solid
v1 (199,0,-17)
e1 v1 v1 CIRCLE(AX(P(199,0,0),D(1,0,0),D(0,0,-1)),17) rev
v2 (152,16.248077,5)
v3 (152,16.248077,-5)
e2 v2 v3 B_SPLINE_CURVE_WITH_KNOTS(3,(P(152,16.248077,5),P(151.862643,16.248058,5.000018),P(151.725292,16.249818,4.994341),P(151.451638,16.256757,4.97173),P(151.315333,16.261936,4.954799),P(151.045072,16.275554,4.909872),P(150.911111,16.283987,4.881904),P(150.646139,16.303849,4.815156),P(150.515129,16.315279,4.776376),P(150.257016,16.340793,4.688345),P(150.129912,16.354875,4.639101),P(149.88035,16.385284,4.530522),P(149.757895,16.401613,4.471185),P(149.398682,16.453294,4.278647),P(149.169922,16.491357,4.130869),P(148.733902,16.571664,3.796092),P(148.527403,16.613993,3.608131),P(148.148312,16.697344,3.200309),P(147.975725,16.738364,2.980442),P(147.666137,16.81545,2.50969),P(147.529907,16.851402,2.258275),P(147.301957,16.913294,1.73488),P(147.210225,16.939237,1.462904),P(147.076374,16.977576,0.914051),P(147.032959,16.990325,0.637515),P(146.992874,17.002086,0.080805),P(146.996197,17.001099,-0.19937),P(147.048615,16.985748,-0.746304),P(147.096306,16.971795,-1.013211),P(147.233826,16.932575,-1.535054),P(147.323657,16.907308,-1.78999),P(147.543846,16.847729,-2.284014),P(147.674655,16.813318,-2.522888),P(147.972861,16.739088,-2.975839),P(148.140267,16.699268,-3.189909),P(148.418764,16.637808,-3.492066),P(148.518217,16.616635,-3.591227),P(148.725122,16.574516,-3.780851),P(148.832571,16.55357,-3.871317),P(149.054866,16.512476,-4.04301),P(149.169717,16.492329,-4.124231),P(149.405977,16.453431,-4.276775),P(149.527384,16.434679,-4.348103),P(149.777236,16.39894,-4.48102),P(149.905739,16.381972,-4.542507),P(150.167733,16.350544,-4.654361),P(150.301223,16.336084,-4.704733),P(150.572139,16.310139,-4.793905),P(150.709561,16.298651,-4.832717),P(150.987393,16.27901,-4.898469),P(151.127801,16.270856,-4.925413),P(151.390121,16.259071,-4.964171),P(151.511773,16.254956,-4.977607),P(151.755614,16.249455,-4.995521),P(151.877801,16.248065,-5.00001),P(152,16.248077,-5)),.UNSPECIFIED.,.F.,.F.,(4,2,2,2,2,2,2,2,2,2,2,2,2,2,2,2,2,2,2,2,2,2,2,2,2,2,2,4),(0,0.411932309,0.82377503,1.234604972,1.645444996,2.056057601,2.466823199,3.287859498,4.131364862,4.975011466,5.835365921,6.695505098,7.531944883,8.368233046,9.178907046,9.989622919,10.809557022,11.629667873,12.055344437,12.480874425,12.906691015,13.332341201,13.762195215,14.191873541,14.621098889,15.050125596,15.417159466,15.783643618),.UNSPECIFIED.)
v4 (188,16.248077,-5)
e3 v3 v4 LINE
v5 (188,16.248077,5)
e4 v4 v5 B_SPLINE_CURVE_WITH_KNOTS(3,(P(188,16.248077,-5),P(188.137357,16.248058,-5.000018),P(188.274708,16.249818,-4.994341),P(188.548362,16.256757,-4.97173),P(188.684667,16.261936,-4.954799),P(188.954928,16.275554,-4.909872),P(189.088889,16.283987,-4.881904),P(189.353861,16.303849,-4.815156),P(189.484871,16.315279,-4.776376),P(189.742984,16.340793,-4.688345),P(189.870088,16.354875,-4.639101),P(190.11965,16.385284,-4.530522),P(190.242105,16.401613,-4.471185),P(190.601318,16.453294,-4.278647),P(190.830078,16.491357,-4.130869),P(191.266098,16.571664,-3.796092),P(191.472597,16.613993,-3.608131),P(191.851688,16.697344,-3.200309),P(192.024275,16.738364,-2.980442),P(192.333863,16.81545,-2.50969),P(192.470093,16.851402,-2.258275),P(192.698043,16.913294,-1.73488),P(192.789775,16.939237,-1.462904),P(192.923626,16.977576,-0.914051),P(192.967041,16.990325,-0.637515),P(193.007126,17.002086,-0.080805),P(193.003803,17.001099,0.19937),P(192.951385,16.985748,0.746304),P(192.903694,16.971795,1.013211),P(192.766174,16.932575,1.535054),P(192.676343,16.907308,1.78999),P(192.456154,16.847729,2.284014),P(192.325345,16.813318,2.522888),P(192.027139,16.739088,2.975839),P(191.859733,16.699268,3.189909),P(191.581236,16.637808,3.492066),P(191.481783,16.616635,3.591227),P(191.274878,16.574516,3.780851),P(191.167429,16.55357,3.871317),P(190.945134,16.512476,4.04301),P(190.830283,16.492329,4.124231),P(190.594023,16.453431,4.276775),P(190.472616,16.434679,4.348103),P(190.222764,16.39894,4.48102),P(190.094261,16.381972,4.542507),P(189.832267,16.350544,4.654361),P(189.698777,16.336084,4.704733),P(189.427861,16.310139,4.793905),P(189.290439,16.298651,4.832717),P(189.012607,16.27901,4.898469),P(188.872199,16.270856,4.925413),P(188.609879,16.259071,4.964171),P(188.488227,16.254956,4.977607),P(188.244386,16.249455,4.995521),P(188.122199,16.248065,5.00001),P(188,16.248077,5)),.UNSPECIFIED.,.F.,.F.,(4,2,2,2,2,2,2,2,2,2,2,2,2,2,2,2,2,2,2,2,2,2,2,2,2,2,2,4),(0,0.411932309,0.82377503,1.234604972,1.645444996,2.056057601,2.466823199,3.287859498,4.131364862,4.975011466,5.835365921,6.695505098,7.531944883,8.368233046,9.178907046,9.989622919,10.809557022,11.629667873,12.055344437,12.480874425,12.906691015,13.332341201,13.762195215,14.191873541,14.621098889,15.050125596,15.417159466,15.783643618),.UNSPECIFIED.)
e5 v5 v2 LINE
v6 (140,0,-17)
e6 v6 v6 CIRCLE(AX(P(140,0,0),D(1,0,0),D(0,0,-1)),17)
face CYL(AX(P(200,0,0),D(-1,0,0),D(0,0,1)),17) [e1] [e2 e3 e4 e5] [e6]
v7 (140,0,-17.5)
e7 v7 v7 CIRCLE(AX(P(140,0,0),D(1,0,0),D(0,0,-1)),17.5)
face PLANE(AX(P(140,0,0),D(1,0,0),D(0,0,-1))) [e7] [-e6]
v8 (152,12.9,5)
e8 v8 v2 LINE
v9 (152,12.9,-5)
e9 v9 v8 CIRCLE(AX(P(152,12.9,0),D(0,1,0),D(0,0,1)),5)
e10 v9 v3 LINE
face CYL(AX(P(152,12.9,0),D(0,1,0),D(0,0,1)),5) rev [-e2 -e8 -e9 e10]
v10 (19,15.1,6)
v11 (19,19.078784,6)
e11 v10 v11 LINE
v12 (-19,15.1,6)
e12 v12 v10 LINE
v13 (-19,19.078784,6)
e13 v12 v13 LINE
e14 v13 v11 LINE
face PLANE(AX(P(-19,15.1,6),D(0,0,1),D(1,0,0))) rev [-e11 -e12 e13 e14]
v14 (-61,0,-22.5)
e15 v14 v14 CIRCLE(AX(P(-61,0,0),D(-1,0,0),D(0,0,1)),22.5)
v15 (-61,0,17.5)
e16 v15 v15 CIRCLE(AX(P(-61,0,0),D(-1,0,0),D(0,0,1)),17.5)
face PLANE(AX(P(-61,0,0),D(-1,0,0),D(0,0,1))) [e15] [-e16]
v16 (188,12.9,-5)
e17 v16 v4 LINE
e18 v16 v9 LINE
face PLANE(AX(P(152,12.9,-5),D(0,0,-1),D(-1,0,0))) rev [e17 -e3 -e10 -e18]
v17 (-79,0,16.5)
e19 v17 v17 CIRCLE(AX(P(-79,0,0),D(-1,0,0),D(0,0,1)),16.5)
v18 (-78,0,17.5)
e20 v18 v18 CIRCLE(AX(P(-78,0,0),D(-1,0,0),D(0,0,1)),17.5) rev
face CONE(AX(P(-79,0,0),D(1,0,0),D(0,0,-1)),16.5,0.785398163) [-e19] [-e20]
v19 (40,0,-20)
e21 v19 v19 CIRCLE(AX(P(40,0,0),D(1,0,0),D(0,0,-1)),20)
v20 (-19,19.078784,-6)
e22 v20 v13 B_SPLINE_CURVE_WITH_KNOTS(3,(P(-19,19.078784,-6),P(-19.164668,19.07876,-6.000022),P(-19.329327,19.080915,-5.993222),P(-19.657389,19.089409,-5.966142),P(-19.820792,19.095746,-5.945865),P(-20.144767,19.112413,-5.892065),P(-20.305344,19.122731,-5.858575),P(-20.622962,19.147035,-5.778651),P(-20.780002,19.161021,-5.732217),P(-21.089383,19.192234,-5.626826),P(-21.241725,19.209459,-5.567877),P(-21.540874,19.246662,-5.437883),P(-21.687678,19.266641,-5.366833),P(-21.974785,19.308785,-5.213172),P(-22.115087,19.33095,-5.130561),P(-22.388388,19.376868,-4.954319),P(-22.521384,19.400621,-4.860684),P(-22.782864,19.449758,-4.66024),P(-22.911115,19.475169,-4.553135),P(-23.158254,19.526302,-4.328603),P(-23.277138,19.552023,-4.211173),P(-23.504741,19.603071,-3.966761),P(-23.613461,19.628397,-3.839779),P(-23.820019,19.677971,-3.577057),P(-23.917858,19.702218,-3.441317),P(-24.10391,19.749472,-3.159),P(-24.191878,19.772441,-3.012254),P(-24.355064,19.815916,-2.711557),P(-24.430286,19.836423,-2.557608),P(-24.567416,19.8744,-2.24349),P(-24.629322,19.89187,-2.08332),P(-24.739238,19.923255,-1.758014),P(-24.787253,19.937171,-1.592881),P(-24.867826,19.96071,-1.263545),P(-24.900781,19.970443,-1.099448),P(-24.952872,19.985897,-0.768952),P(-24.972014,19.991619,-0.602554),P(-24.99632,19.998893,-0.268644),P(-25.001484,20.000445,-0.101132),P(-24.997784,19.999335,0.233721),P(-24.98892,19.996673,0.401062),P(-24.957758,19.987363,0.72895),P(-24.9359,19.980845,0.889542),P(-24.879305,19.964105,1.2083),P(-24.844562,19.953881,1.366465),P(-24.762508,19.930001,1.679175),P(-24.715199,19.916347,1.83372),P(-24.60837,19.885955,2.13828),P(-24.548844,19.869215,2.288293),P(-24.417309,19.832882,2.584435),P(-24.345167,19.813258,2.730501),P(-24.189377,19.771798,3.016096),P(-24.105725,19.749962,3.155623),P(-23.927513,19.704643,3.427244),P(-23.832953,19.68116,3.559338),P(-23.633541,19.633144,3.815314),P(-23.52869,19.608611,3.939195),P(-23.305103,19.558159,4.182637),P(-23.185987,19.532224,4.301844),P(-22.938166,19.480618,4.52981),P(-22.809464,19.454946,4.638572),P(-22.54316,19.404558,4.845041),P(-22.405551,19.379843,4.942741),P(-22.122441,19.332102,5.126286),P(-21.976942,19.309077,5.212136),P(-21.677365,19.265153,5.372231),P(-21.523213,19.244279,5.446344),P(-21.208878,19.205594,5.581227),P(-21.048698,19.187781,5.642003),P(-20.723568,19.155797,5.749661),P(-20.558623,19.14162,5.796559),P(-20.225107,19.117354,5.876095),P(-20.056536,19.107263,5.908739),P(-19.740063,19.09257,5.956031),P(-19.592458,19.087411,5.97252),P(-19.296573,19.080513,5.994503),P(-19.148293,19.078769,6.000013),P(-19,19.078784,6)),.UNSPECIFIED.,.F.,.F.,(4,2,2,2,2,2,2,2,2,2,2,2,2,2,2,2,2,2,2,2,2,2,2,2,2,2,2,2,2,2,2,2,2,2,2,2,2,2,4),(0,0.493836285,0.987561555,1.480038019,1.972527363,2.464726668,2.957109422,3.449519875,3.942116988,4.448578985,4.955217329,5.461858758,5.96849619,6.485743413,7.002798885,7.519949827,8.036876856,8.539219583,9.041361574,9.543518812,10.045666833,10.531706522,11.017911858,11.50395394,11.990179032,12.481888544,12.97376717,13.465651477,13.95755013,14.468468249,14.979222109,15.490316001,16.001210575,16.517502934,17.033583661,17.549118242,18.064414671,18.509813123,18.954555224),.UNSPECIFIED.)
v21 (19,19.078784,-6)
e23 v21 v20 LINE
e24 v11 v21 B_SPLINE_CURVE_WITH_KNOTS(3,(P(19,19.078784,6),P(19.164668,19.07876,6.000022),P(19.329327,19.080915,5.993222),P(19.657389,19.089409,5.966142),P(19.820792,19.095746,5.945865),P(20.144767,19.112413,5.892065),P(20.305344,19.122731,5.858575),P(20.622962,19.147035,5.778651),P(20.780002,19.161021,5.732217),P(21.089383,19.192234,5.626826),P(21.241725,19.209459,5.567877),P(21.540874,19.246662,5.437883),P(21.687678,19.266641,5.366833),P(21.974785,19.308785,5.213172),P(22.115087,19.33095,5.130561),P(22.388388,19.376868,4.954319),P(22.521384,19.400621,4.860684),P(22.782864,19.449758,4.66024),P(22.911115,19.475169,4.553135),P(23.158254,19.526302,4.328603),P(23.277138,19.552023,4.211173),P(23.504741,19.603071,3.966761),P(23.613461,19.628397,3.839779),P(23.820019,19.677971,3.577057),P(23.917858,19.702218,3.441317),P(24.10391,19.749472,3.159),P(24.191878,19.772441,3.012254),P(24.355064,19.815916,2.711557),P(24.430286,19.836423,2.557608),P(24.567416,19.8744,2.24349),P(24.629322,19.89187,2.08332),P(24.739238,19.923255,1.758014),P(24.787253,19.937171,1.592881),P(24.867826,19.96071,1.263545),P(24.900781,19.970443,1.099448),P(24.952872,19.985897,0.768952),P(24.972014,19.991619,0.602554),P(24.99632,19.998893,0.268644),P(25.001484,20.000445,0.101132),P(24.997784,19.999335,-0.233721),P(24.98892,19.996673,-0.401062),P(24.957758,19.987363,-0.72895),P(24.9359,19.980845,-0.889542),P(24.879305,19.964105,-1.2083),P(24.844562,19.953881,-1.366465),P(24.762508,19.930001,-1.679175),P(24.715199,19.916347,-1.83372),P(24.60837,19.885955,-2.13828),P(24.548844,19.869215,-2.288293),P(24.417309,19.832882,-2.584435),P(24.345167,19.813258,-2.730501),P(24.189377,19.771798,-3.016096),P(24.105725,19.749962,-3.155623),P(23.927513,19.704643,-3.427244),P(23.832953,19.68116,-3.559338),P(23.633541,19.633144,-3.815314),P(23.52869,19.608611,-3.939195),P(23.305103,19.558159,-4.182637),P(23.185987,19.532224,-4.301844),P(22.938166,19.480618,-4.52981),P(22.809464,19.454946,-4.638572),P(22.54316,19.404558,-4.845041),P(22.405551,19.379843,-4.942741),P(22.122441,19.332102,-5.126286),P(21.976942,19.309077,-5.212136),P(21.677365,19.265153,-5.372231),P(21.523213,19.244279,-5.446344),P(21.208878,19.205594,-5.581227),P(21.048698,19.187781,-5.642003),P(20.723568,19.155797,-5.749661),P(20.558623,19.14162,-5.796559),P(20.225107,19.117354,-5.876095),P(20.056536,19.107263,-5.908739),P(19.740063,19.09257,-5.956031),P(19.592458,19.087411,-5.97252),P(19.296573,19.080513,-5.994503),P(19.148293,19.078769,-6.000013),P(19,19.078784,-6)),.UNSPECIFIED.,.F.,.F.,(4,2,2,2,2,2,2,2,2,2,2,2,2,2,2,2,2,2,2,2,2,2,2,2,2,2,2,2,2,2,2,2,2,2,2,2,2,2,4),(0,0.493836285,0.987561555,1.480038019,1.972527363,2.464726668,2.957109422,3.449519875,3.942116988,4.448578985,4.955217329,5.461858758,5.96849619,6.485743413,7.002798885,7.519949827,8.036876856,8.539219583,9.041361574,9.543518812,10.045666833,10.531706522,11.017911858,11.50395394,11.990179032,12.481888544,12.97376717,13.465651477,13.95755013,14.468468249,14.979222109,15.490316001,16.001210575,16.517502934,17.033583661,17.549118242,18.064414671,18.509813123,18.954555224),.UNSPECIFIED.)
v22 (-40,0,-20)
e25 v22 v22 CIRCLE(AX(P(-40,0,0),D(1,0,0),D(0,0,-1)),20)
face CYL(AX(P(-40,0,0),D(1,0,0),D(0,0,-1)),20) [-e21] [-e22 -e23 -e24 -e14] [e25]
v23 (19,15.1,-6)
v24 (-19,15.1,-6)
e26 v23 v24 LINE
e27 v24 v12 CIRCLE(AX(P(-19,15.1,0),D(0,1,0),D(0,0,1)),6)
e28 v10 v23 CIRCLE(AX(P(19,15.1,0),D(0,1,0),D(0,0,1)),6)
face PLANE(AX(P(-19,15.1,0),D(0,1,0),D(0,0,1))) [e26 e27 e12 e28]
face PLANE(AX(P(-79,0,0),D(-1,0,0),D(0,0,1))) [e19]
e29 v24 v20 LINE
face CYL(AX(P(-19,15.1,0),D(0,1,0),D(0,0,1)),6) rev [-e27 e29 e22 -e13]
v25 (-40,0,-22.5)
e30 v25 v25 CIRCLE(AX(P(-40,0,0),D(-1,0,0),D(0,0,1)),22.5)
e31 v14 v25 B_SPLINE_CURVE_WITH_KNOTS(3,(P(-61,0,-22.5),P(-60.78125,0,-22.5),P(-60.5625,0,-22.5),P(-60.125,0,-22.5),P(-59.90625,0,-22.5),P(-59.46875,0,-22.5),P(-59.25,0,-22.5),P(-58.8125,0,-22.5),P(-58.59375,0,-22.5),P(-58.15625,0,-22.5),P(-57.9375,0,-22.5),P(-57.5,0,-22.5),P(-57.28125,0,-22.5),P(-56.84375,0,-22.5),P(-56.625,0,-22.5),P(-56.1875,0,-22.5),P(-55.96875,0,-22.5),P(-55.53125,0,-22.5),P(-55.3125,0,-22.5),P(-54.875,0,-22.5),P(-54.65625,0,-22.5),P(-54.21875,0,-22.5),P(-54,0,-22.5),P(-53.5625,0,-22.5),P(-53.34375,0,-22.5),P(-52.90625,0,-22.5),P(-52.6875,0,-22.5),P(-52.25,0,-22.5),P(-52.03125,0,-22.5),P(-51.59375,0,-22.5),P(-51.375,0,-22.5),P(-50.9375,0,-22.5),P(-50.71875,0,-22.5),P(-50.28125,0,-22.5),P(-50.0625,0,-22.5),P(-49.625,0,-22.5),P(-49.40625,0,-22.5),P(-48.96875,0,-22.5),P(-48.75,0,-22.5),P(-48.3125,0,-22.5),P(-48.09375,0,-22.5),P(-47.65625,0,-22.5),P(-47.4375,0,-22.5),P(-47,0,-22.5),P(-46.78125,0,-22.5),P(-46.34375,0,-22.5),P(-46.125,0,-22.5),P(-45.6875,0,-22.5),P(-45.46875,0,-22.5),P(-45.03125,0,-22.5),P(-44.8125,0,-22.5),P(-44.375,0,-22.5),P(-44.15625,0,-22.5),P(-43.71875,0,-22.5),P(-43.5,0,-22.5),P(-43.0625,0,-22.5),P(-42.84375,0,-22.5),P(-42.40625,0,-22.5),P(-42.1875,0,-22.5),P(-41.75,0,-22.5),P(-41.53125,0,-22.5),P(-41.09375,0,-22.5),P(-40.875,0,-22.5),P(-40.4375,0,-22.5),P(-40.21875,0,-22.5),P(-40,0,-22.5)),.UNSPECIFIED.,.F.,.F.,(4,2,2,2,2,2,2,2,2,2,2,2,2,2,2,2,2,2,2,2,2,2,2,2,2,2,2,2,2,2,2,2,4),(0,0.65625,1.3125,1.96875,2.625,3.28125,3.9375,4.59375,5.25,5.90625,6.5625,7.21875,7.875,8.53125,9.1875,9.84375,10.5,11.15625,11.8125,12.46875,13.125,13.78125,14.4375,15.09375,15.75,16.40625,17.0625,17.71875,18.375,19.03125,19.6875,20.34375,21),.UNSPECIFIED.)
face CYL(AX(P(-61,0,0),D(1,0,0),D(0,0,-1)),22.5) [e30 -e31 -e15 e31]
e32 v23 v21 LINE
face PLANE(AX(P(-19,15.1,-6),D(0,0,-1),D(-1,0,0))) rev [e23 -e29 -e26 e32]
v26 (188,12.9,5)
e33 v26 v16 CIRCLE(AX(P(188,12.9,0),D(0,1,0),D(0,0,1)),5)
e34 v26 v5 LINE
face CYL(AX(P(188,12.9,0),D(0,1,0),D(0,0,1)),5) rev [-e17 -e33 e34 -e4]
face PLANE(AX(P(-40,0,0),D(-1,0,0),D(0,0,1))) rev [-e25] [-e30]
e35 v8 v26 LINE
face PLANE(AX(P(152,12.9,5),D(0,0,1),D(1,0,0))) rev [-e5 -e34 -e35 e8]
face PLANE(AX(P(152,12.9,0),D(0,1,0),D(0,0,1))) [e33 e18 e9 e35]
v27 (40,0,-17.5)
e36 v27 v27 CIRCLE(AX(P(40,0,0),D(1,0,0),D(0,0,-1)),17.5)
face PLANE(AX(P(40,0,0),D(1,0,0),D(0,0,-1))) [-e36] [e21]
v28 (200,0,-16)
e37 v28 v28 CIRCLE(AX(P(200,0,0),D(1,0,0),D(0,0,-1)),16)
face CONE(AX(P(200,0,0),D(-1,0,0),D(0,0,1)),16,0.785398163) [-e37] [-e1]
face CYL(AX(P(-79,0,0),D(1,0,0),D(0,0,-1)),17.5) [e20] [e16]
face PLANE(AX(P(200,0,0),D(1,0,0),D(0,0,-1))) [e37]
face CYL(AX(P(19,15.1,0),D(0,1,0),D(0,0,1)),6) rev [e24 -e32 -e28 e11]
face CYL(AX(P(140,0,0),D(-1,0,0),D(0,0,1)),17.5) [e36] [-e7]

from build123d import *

# Parameters (mm, degrees)
BOSS_EXTRUDE1_DEPTH      = 40
BOSS_EXTRUDE1_DEPTH_BACK = 40
SKETCH1_R                = 20
CUT_EXTRUDE1_DEPTH       = 4.9
SKETCH3_R                = 22.5
BOSS_EXTRUDE2_DEPTH      = 21
SKETCH4_R                = 17.5
BOSS_EXTRUDE3_DEPTH      = 18
CHAMFER1_SIZE            = 1
BOSS_EXTRUDE4_START      = 100
SKETCH5_R                = 17.5
BOSS_EXTRUDE4_DEPTH      = 100
SKETCH6_R                = 17
BOSS_EXTRUDE5_DEPTH      = 60
CUT_EXTRUDE2_DEPTH       = 4.1
CHAMFER2_SIZE            = 1


with BuildPart() as part:
    # Sketch1 → Boss-Extrude1 (new, two sides: drawn at the far end of the back side and taken through both)
    with BuildSketch(Plane(origin=(0, 0, 0), x_dir=(0, 0, -1), z_dir=(1, 0, 0)).offset(-BOSS_EXTRUDE1_DEPTH_BACK)):
        Circle(SKETCH1_R)
    extrude(amount=BOSS_EXTRUDE1_DEPTH + BOSS_EXTRUDE1_DEPTH_BACK)

    # Sketch2 → Cut-Extrude1 (cut)
    with BuildSketch(Plane(origin=(0, 20, 0), x_dir=(1, 0, 0), z_dir=(0, 1, 0))):
        with BuildLine():
            Line((-19, 6), (19, 6))
            ThreePointArc((19, 6), (25, 0), (19, -6))
            Line((19, -6), (-19, -6))
            ThreePointArc((-19, -6), (-25, 0), (-19, 6))
        make_face()
    extrude(amount=-CUT_EXTRUDE1_DEPTH, mode=Mode.SUBTRACT)

    # Sketch3 → Boss-Extrude2 (add)
    with BuildSketch(Plane.ZY.offset(40)):
        Circle(SKETCH3_R)
    extrude(amount=BOSS_EXTRUDE2_DEPTH)

    # Sketch4 → Boss-Extrude3 (add)
    with BuildSketch(Plane.ZY.offset(61)):
        Circle(SKETCH4_R)
    extrude(amount=BOSS_EXTRUDE3_DEPTH)

    # Chamfer1
    chamfer1_edges = [part.edges().sort_by_distance(p)[0] for p in [
        (-79, 0, -17.5),
    ]]
    chamfer(chamfer1_edges, length=CHAMFER1_SIZE)

    # Sketch5 → Boss-Extrude4 (add)
    with BuildSketch(Plane(origin=(40, 0, 0), x_dir=(0, 0, -1), z_dir=(1, 0, 0)).offset(BOSS_EXTRUDE4_START)):
        Circle(SKETCH5_R)
    extrude(amount=-BOSS_EXTRUDE4_DEPTH)

    # Sketch6 → Boss-Extrude5 (add)
    with BuildSketch(Plane(origin=(140, 0, 0), x_dir=(0, 0, -1), z_dir=(1, 0, 0))):
        Circle(SKETCH6_R)
    extrude(amount=BOSS_EXTRUDE5_DEPTH)

    # Sketch7 → Cut-Extrude2 (cut)
    with BuildSketch(Plane(origin=(0, 17, 0), x_dir=(1, 0, 0), z_dir=(0, 1, 0))):
        with BuildLine():
            Line((152, 5), (188, 5))
            ThreePointArc((188, 5), (193, 0), (188, -5))
            Line((188, -5), (152, -5))
            ThreePointArc((152, -5), (147, 0), (152, 5))
        make_face()
    extrude(amount=-CUT_EXTRUDE2_DEPTH, mode=Mode.SUBTRACT)

    # Chamfer2
    chamfer2_edges = [part.edges().sort_by_distance(p)[0] for p in [
        (200, 0, 17),
    ]]
    chamfer(chamfer2_edges, length=CHAMFER2_SIZE)


solid = part.part
